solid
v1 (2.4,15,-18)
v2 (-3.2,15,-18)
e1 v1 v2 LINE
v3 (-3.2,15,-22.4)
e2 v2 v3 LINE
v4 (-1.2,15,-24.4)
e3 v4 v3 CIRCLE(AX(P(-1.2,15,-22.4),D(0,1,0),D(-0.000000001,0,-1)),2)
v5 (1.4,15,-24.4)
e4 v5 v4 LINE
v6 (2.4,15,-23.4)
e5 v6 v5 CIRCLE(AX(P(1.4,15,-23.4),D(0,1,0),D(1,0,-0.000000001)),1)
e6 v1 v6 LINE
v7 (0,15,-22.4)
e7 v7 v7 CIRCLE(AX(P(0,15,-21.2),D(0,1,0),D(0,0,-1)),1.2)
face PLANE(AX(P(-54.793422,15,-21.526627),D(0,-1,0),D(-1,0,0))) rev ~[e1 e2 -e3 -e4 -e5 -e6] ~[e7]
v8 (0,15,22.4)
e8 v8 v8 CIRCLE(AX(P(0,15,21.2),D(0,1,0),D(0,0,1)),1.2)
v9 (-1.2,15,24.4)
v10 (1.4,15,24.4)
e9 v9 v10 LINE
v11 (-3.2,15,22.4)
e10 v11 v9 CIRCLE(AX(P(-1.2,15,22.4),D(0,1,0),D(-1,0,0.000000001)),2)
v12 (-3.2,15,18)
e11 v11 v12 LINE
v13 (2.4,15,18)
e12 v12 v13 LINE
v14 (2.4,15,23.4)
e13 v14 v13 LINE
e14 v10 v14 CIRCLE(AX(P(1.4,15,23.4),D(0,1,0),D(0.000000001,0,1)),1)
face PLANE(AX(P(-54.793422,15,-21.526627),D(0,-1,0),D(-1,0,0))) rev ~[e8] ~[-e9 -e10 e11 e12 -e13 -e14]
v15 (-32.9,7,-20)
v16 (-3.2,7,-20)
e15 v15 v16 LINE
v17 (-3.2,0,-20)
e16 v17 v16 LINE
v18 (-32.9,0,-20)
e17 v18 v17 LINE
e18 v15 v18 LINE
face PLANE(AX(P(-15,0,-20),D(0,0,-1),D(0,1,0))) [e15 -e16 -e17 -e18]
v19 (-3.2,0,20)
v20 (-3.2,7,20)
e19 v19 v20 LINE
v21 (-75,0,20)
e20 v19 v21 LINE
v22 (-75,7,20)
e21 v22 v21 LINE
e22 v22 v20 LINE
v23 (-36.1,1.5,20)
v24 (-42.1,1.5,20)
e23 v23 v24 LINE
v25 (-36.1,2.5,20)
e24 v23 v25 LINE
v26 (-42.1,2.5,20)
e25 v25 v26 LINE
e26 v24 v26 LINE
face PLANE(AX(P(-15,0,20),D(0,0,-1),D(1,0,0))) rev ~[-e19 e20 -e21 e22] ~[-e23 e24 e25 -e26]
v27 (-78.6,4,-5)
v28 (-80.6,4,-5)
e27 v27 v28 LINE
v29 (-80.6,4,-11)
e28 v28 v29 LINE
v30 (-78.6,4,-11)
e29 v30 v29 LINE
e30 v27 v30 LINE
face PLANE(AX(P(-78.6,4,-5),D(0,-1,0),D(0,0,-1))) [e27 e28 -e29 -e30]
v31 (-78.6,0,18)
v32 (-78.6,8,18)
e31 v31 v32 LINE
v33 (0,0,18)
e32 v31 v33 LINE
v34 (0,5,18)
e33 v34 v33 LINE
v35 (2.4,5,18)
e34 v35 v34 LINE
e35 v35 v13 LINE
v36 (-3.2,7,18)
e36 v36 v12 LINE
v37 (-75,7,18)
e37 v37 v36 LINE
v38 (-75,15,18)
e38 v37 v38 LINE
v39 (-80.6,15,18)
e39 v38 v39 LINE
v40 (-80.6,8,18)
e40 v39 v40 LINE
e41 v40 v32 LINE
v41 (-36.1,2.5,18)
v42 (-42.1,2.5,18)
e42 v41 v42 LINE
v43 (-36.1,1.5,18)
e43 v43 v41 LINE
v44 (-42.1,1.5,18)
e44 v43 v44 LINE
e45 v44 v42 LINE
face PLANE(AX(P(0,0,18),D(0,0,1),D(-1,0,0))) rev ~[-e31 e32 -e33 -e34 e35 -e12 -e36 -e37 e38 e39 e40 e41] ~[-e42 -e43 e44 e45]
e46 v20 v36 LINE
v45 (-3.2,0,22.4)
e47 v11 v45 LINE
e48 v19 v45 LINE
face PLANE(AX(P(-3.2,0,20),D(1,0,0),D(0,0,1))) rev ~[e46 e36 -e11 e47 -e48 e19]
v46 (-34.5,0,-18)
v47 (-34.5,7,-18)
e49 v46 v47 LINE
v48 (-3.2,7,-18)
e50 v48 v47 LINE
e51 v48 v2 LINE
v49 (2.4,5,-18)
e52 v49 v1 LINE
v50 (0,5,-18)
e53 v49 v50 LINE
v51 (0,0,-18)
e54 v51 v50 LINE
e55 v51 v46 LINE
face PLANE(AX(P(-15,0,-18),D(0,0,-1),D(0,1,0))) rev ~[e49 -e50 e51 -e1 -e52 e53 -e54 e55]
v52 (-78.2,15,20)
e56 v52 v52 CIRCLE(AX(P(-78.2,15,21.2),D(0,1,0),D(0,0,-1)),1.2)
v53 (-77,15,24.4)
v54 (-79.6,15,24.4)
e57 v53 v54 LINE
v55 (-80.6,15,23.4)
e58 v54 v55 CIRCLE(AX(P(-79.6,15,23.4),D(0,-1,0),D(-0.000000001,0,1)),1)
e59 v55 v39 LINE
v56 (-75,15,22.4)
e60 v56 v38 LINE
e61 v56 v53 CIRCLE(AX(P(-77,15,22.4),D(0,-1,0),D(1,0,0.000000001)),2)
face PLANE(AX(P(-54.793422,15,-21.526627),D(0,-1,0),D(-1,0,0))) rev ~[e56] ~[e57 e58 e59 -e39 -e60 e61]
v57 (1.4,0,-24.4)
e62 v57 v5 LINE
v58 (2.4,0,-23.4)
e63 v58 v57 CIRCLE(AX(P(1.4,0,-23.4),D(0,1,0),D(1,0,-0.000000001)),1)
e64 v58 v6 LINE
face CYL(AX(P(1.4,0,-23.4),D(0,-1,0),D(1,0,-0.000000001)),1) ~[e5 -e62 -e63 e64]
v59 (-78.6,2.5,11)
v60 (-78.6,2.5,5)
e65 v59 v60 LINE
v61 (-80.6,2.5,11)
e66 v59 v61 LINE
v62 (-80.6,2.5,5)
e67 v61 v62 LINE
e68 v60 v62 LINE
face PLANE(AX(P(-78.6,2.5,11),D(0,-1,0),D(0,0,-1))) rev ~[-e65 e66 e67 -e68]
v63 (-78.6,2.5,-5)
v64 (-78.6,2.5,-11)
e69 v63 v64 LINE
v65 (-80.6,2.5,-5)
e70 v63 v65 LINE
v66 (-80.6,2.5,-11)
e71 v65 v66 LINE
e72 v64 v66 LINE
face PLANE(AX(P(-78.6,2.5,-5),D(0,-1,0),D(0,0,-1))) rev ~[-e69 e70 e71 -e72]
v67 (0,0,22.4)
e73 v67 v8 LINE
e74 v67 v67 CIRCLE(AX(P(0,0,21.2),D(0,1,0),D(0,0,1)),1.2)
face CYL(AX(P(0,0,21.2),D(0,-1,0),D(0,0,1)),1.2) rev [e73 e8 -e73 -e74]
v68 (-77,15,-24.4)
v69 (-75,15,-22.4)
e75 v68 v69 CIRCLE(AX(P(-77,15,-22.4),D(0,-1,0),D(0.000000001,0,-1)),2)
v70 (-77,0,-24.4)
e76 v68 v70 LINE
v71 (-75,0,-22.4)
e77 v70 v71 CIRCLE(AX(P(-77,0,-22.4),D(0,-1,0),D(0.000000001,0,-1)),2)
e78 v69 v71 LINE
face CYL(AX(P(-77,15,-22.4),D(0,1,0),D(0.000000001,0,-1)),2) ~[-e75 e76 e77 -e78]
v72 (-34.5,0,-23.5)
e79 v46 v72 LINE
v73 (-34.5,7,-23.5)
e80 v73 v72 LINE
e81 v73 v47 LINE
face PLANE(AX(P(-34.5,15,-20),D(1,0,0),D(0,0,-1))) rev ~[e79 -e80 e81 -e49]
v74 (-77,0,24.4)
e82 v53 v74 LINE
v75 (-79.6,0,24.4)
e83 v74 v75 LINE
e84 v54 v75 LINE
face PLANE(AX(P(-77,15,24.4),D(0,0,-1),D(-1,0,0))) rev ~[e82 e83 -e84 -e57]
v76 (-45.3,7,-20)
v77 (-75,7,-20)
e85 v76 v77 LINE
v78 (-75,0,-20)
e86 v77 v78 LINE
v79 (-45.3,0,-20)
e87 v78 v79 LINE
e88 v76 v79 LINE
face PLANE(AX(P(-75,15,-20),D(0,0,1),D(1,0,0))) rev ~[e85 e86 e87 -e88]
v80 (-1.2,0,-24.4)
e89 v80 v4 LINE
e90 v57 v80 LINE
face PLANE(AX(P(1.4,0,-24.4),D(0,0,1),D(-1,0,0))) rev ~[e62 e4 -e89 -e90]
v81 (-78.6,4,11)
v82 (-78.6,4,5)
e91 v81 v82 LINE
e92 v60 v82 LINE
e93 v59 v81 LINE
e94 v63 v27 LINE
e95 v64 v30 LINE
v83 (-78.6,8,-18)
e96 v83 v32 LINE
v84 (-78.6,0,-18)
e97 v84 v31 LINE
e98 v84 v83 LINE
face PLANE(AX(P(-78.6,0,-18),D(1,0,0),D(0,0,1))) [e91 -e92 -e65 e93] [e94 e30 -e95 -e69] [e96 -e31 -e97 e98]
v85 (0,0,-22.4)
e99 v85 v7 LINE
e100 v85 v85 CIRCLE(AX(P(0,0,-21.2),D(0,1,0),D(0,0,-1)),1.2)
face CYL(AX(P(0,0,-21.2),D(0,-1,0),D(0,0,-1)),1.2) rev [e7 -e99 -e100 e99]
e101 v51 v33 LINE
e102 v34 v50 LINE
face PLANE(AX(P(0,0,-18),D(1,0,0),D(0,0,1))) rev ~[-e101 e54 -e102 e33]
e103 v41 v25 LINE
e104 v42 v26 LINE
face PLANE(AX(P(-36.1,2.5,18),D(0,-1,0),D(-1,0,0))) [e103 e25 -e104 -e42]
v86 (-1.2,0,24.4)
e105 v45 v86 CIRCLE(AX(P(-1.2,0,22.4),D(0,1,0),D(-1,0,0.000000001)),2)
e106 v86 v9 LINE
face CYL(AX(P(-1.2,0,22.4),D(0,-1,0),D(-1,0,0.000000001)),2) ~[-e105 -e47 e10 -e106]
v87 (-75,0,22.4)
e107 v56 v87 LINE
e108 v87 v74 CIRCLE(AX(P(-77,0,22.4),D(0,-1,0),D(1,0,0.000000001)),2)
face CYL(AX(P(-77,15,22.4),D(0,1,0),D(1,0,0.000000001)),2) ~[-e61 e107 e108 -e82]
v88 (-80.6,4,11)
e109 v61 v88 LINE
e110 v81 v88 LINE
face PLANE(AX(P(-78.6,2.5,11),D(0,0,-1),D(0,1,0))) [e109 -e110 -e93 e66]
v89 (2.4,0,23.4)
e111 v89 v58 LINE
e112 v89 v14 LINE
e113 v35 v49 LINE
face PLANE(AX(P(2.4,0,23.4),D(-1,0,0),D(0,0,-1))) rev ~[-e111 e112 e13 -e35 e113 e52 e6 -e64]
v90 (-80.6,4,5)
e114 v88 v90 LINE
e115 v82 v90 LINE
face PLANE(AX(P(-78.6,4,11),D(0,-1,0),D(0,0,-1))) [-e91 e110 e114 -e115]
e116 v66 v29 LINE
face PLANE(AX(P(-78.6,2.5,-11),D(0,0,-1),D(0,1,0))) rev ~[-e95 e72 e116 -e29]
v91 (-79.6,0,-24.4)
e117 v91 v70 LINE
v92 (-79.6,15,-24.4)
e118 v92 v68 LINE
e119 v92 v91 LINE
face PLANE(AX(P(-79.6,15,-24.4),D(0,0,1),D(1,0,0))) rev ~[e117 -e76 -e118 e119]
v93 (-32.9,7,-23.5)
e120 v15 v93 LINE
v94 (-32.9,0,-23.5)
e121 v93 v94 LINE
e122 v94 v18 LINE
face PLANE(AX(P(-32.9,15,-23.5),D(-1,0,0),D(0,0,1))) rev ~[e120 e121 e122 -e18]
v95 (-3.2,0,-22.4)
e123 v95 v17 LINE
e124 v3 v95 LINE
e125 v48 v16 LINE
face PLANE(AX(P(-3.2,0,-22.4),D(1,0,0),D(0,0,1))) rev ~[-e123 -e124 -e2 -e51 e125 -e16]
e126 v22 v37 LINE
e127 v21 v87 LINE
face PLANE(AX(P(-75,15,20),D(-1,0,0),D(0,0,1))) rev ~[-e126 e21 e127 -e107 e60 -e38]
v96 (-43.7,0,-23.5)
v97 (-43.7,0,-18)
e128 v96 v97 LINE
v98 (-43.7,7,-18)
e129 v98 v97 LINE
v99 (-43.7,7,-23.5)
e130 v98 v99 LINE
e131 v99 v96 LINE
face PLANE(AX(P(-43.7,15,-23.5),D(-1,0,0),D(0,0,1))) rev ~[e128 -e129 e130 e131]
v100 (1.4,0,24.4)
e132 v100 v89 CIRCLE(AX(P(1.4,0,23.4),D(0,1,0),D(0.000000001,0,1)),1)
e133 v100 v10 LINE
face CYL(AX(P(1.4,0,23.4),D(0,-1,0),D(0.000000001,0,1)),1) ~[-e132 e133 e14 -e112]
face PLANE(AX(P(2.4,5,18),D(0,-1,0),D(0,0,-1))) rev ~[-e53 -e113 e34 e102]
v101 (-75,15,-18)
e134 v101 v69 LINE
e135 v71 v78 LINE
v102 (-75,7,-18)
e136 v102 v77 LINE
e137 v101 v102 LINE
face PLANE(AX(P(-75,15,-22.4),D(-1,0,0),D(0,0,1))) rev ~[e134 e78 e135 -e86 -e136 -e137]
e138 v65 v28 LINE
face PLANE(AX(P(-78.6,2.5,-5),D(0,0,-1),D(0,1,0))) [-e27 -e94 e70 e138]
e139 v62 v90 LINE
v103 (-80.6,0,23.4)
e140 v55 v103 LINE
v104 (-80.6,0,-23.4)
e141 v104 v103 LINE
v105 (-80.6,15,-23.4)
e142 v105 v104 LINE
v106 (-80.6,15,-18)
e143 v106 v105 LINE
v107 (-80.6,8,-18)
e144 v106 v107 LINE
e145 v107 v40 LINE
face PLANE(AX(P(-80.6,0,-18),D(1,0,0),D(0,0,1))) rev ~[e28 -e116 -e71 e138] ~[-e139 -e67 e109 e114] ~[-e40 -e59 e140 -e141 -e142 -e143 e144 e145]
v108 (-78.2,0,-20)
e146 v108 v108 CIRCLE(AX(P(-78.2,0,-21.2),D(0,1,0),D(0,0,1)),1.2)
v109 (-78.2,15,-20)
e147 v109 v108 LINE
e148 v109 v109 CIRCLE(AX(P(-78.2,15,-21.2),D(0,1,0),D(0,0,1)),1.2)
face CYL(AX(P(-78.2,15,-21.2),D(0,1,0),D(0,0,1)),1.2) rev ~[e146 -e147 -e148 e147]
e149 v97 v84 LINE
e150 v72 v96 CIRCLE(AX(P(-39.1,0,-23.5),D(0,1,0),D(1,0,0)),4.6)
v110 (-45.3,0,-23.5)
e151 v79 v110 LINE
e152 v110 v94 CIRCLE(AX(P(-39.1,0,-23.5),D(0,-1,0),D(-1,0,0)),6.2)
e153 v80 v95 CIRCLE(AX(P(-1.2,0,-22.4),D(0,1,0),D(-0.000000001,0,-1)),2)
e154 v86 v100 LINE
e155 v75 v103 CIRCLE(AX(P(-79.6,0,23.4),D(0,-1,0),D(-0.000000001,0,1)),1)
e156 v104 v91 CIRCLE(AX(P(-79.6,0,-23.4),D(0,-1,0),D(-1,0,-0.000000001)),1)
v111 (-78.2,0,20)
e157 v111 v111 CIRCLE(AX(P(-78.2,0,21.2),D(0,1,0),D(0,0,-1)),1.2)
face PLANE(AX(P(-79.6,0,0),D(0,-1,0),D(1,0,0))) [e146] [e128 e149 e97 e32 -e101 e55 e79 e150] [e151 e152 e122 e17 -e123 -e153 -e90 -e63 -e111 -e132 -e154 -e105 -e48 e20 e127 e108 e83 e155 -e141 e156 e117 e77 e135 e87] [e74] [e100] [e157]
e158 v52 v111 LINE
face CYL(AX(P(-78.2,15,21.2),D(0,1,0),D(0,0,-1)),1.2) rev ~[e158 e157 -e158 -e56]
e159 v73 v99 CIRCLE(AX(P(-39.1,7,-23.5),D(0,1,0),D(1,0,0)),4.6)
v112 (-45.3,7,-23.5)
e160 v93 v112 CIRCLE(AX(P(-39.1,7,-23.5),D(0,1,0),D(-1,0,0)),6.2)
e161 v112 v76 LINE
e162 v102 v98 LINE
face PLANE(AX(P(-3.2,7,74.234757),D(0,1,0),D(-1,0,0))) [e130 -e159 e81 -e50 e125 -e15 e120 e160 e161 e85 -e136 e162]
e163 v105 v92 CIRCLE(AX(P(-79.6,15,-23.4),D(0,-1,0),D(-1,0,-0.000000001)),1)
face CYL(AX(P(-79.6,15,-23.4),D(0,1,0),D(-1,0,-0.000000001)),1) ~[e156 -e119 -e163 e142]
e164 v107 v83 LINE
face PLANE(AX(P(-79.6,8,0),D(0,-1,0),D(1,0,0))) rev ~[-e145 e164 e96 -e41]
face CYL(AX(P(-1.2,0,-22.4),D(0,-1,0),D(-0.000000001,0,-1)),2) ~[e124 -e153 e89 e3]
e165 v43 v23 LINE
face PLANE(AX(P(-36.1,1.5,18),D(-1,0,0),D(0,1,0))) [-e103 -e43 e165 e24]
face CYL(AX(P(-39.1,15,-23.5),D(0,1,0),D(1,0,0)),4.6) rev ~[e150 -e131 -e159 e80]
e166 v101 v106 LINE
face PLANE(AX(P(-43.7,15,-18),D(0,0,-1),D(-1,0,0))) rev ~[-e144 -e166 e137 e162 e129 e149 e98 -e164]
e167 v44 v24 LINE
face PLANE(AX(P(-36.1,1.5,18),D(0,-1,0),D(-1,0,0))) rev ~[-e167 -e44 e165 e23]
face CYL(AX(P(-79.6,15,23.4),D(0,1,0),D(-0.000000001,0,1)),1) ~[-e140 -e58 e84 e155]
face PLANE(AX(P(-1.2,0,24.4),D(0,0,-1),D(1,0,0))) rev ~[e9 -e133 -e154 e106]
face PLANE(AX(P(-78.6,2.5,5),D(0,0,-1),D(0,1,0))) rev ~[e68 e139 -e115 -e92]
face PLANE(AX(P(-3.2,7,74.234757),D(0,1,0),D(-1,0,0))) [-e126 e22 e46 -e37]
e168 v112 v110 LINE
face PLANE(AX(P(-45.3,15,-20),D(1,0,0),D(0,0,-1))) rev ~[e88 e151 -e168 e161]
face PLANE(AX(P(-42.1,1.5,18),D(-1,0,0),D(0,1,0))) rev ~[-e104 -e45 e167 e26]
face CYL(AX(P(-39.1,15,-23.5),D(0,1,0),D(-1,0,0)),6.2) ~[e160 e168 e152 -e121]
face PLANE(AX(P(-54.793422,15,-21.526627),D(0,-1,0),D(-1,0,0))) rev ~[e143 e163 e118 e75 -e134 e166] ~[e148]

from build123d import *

# Parameters (mm, degrees)
SKETCH1_R               = 1.2
BOSS_EXTRUDE1_DEPTH     = 15
SKETCH3_W               = 15
SKETCH3_H               = 36
BOSS_EXTRUDE3_DEPTH     = 1.5
BOSS_EXTRUDE4_DEPTH     = 19.5
SKETCH6_R               = 1.2
BOSS_EXTRUDE5_DEPTH     = 15
SKETCH7_W               = 2
SKETCH7_H               = 36
BOSS_EXTRUDE6_DEPTH     = 8
SKETCH8_W               = 6
SKETCH8_H               = 1
CUT_EXTRUDE1_DEPTH      = 5
SKETCH9_W               = 6
SKETCH9_H               = 1.5
CUT_EXTRUDE2_DEPTH      = 5
CUT_EXTRUDE3_DEPTH      = 94.234757467
CUT_EXTRUDE3_DEPTH_BACK = 94.234757467
SKETCH10_W              = 71.8
SKETCH10_H              = 8
SKETCH11_W              = 36
SKETCH11_H              = 10
CUT_EXTRUDE4_DEPTH      = 10
SKETCH12_W              = 15
SKETCH12_H              = 36
CUT_EXTRUDE5_DEPTH      = 10


with BuildPart() as part:
    # Sketch1 → Boss-Extrude1 (new body)
    with BuildSketch(Plane(origin=(0, 0, 0), x_dir=(1, 0, 0), z_dir=(0, 1, 0))):
        with BuildLine():
            Line((2.4, -23.4), (2.4, 23.4))
            ThreePointArc((2.4, 23.4), (2.107106781, 24.107106781), (1.4, 24.4))
            Line((1.4, 24.4), (-1.2, 24.4))
            ThreePointArc((-1.2, 24.4), (-2.614213562, 23.814213562), (-3.2, 22.4))
            Line((-3.2, 22.4), (-3.2, 20))
            Line((-3.2, 20), (-15, 20))
            Line((-15, 20), (-15, 18))
            Line((-15, 18), (0, 18))
            Line((0, 18), (0, -18))
            Line((0, -18), (-15, -18))
            Line((-15, -18), (-15, -20))
            Line((-15, -20), (-3.2, -20))
            Line((-3.2, -20), (-3.2, -22.4))
            ThreePointArc((-3.2, -22.4), (-2.614213562, -23.814213562), (-1.2, -24.4))
            Line((-1.2, -24.4), (1.4, -24.4))
            ThreePointArc((1.4, -24.4), (2.107106781, -24.107106781), (2.4, -23.4))
        make_face()
        with Locations(Location((0, -21.2, 0), (0, 0, 270))):
            Circle(SKETCH1_R, mode=Mode.SUBTRACT)
        with Locations(Location((0, 21.2, 0), (0, 0, 90))):
            Circle(SKETCH1_R, mode=Mode.SUBTRACT)
    extrude(amount=BOSS_EXTRUDE1_DEPTH)

    # Sketch3 → Boss-Extrude3 (add)
    with BuildSketch(Plane(origin=(0, 0, 0), x_dir=(1, 0, 0), z_dir=(0, 1, 0))):
        with Locations((-7.5, 0)):
            Rectangle(SKETCH3_W, SKETCH3_H)
    extrude(amount=BOSS_EXTRUDE3_DEPTH)

    # Sketch4 → Boss-Extrude4 (add)
    with BuildSketch(Plane.ZY.offset(15)):
        Polygon((-18, 1.5), (-18, 0), (-20, 0), (-20, 15), (-18, 15), align=None)
    extrude(amount=BOSS_EXTRUDE4_DEPTH)

    # Sketch6 → Boss-Extrude5 (add)
    # profile 1 of 2: a face of its own
    with BuildSketch(Plane(origin=(0, 15, 0), x_dir=(1, 0, 0), z_dir=(0, 1, 0))):
        with BuildLine():
            Line((-45.3, 20), (-45.3, 23.5))
            ThreePointArc((-45.3, 23.5), (-39.1, 29.7), (-32.9, 23.5))
            Line((-32.9, 23.5), (-32.9, 20))
            Line((-32.9, 20), (-34.5, 20))
            Line((-34.5, 20), (-34.5, 23.5))
            ThreePointArc((-34.5, 23.5), (-39.1, 28.1), (-43.7, 23.5))
            Line((-43.7, 23.5), (-43.7, 20))
            Line((-43.7, 20), (-43.7, 18))
            Line((-43.7, 18), (-80.6, 18))
            Line((-80.6, 18), (-80.6, 23.4))
            ThreePointArc((-80.6, 23.4), (-80.307106781, 24.107106781), (-79.6, 24.4))
            Line((-79.6, 24.4), (-77, 24.4))
            ThreePointArc((-77, 24.4), (-75.585786438, 23.814213562), (-75, 22.4))
            Line((-75, 22.4), (-75, 20))
            Line((-75, 20), (-45.3, 20))
        make_face()
        with Locations(Location((-78.2, 21.2, 0), (0, 0, 270))):
            Circle(SKETCH6_R, mode=Mode.SUBTRACT)
    # profile 2 of 2: a face of its own
    with BuildSketch(Plane(origin=(0, 15, 0), x_dir=(1, 0, 0), z_dir=(0, 1, 0))):
        with BuildLine():
            Line((-80.6, -18), (-15, -18))
            Line((-15, -18), (-15, -20))
            Line((-15, -20), (-75, -20))
            Line((-75, -20), (-75, -22.4))
            ThreePointArc((-75, -22.4), (-75.585786438, -23.814213562), (-77, -24.4))
            Line((-77, -24.4), (-79.6, -24.4))
            ThreePointArc((-79.6, -24.4), (-80.307106781, -24.107106781), (-80.6, -23.4))
            Line((-80.6, -23.4), (-80.6, -18))
        make_face()
        with Locations(Location((-78.2, -21.2, 0), (0, 0, 90))):
            Circle(SKETCH6_R, mode=Mode.SUBTRACT)
    extrude(amount=-BOSS_EXTRUDE5_DEPTH)

    # Sketch7 → Boss-Extrude6 (add)
    with BuildSketch(Plane.XZ):
        with Locations((-79.6, 0)):
            Rectangle(SKETCH7_W, SKETCH7_H)
    extrude(amount=-BOSS_EXTRUDE6_DEPTH)

    # Sketch8 → Cut-Extrude1 (cut)
    with BuildSketch(Plane(origin=(0, 0, 18), x_dir=(-1, 0, 0), z_dir=(0, 0, -1))):
        with Locations((39.1, 2)):
            Rectangle(SKETCH8_W, SKETCH8_H)
    extrude(amount=-CUT_EXTRUDE1_DEPTH, mode=Mode.SUBTRACT)

    # Sketch9 → Cut-Extrude2 (cut)
    with BuildSketch(Plane(origin=(-78.6, 0, 0), x_dir=(0, 0, -1), z_dir=(1, 0, 0))):
        with Locations((8, 3.25)):
            Rectangle(SKETCH9_W, SKETCH9_H)
        with Locations((-8, 3.25)):
            Rectangle(SKETCH9_W, SKETCH9_H)
    extrude(amount=-CUT_EXTRUDE2_DEPTH, mode=Mode.SUBTRACT)

    # Sketch10 → Cut-Extrude3 (cut, two sides: drawn at the far end of the back side and taken through both)
    with BuildSketch(Plane(origin=(0, 0, -20), x_dir=(-1, 0, 0), z_dir=(0, 0, -1)).offset(-CUT_EXTRUDE3_DEPTH_BACK)):
        with Locations((39.1, 11)):
            Rectangle(SKETCH10_W, SKETCH10_H)
    extrude(amount=CUT_EXTRUDE3_DEPTH + CUT_EXTRUDE3_DEPTH_BACK, mode=Mode.SUBTRACT)

    # Sketch11 → Cut-Extrude4 (cut)
    with BuildSketch(Plane(origin=(2.4, 0, 0), x_dir=(0, 0, -1), z_dir=(1, 0, 0))):
        with Locations((0, 10)):
            Rectangle(SKETCH11_W, SKETCH11_H)
    extrude(amount=-CUT_EXTRUDE4_DEPTH, mode=Mode.SUBTRACT)

    # Sketch12 → Cut-Extrude5 (cut)
    with BuildSketch(Plane.XZ):
        with Locations((-7.5, 0)):
            Rectangle(SKETCH12_W, SKETCH12_H)
    extrude(amount=-CUT_EXTRUDE5_DEPTH, mode=Mode.SUBTRACT)


solid = part.part
